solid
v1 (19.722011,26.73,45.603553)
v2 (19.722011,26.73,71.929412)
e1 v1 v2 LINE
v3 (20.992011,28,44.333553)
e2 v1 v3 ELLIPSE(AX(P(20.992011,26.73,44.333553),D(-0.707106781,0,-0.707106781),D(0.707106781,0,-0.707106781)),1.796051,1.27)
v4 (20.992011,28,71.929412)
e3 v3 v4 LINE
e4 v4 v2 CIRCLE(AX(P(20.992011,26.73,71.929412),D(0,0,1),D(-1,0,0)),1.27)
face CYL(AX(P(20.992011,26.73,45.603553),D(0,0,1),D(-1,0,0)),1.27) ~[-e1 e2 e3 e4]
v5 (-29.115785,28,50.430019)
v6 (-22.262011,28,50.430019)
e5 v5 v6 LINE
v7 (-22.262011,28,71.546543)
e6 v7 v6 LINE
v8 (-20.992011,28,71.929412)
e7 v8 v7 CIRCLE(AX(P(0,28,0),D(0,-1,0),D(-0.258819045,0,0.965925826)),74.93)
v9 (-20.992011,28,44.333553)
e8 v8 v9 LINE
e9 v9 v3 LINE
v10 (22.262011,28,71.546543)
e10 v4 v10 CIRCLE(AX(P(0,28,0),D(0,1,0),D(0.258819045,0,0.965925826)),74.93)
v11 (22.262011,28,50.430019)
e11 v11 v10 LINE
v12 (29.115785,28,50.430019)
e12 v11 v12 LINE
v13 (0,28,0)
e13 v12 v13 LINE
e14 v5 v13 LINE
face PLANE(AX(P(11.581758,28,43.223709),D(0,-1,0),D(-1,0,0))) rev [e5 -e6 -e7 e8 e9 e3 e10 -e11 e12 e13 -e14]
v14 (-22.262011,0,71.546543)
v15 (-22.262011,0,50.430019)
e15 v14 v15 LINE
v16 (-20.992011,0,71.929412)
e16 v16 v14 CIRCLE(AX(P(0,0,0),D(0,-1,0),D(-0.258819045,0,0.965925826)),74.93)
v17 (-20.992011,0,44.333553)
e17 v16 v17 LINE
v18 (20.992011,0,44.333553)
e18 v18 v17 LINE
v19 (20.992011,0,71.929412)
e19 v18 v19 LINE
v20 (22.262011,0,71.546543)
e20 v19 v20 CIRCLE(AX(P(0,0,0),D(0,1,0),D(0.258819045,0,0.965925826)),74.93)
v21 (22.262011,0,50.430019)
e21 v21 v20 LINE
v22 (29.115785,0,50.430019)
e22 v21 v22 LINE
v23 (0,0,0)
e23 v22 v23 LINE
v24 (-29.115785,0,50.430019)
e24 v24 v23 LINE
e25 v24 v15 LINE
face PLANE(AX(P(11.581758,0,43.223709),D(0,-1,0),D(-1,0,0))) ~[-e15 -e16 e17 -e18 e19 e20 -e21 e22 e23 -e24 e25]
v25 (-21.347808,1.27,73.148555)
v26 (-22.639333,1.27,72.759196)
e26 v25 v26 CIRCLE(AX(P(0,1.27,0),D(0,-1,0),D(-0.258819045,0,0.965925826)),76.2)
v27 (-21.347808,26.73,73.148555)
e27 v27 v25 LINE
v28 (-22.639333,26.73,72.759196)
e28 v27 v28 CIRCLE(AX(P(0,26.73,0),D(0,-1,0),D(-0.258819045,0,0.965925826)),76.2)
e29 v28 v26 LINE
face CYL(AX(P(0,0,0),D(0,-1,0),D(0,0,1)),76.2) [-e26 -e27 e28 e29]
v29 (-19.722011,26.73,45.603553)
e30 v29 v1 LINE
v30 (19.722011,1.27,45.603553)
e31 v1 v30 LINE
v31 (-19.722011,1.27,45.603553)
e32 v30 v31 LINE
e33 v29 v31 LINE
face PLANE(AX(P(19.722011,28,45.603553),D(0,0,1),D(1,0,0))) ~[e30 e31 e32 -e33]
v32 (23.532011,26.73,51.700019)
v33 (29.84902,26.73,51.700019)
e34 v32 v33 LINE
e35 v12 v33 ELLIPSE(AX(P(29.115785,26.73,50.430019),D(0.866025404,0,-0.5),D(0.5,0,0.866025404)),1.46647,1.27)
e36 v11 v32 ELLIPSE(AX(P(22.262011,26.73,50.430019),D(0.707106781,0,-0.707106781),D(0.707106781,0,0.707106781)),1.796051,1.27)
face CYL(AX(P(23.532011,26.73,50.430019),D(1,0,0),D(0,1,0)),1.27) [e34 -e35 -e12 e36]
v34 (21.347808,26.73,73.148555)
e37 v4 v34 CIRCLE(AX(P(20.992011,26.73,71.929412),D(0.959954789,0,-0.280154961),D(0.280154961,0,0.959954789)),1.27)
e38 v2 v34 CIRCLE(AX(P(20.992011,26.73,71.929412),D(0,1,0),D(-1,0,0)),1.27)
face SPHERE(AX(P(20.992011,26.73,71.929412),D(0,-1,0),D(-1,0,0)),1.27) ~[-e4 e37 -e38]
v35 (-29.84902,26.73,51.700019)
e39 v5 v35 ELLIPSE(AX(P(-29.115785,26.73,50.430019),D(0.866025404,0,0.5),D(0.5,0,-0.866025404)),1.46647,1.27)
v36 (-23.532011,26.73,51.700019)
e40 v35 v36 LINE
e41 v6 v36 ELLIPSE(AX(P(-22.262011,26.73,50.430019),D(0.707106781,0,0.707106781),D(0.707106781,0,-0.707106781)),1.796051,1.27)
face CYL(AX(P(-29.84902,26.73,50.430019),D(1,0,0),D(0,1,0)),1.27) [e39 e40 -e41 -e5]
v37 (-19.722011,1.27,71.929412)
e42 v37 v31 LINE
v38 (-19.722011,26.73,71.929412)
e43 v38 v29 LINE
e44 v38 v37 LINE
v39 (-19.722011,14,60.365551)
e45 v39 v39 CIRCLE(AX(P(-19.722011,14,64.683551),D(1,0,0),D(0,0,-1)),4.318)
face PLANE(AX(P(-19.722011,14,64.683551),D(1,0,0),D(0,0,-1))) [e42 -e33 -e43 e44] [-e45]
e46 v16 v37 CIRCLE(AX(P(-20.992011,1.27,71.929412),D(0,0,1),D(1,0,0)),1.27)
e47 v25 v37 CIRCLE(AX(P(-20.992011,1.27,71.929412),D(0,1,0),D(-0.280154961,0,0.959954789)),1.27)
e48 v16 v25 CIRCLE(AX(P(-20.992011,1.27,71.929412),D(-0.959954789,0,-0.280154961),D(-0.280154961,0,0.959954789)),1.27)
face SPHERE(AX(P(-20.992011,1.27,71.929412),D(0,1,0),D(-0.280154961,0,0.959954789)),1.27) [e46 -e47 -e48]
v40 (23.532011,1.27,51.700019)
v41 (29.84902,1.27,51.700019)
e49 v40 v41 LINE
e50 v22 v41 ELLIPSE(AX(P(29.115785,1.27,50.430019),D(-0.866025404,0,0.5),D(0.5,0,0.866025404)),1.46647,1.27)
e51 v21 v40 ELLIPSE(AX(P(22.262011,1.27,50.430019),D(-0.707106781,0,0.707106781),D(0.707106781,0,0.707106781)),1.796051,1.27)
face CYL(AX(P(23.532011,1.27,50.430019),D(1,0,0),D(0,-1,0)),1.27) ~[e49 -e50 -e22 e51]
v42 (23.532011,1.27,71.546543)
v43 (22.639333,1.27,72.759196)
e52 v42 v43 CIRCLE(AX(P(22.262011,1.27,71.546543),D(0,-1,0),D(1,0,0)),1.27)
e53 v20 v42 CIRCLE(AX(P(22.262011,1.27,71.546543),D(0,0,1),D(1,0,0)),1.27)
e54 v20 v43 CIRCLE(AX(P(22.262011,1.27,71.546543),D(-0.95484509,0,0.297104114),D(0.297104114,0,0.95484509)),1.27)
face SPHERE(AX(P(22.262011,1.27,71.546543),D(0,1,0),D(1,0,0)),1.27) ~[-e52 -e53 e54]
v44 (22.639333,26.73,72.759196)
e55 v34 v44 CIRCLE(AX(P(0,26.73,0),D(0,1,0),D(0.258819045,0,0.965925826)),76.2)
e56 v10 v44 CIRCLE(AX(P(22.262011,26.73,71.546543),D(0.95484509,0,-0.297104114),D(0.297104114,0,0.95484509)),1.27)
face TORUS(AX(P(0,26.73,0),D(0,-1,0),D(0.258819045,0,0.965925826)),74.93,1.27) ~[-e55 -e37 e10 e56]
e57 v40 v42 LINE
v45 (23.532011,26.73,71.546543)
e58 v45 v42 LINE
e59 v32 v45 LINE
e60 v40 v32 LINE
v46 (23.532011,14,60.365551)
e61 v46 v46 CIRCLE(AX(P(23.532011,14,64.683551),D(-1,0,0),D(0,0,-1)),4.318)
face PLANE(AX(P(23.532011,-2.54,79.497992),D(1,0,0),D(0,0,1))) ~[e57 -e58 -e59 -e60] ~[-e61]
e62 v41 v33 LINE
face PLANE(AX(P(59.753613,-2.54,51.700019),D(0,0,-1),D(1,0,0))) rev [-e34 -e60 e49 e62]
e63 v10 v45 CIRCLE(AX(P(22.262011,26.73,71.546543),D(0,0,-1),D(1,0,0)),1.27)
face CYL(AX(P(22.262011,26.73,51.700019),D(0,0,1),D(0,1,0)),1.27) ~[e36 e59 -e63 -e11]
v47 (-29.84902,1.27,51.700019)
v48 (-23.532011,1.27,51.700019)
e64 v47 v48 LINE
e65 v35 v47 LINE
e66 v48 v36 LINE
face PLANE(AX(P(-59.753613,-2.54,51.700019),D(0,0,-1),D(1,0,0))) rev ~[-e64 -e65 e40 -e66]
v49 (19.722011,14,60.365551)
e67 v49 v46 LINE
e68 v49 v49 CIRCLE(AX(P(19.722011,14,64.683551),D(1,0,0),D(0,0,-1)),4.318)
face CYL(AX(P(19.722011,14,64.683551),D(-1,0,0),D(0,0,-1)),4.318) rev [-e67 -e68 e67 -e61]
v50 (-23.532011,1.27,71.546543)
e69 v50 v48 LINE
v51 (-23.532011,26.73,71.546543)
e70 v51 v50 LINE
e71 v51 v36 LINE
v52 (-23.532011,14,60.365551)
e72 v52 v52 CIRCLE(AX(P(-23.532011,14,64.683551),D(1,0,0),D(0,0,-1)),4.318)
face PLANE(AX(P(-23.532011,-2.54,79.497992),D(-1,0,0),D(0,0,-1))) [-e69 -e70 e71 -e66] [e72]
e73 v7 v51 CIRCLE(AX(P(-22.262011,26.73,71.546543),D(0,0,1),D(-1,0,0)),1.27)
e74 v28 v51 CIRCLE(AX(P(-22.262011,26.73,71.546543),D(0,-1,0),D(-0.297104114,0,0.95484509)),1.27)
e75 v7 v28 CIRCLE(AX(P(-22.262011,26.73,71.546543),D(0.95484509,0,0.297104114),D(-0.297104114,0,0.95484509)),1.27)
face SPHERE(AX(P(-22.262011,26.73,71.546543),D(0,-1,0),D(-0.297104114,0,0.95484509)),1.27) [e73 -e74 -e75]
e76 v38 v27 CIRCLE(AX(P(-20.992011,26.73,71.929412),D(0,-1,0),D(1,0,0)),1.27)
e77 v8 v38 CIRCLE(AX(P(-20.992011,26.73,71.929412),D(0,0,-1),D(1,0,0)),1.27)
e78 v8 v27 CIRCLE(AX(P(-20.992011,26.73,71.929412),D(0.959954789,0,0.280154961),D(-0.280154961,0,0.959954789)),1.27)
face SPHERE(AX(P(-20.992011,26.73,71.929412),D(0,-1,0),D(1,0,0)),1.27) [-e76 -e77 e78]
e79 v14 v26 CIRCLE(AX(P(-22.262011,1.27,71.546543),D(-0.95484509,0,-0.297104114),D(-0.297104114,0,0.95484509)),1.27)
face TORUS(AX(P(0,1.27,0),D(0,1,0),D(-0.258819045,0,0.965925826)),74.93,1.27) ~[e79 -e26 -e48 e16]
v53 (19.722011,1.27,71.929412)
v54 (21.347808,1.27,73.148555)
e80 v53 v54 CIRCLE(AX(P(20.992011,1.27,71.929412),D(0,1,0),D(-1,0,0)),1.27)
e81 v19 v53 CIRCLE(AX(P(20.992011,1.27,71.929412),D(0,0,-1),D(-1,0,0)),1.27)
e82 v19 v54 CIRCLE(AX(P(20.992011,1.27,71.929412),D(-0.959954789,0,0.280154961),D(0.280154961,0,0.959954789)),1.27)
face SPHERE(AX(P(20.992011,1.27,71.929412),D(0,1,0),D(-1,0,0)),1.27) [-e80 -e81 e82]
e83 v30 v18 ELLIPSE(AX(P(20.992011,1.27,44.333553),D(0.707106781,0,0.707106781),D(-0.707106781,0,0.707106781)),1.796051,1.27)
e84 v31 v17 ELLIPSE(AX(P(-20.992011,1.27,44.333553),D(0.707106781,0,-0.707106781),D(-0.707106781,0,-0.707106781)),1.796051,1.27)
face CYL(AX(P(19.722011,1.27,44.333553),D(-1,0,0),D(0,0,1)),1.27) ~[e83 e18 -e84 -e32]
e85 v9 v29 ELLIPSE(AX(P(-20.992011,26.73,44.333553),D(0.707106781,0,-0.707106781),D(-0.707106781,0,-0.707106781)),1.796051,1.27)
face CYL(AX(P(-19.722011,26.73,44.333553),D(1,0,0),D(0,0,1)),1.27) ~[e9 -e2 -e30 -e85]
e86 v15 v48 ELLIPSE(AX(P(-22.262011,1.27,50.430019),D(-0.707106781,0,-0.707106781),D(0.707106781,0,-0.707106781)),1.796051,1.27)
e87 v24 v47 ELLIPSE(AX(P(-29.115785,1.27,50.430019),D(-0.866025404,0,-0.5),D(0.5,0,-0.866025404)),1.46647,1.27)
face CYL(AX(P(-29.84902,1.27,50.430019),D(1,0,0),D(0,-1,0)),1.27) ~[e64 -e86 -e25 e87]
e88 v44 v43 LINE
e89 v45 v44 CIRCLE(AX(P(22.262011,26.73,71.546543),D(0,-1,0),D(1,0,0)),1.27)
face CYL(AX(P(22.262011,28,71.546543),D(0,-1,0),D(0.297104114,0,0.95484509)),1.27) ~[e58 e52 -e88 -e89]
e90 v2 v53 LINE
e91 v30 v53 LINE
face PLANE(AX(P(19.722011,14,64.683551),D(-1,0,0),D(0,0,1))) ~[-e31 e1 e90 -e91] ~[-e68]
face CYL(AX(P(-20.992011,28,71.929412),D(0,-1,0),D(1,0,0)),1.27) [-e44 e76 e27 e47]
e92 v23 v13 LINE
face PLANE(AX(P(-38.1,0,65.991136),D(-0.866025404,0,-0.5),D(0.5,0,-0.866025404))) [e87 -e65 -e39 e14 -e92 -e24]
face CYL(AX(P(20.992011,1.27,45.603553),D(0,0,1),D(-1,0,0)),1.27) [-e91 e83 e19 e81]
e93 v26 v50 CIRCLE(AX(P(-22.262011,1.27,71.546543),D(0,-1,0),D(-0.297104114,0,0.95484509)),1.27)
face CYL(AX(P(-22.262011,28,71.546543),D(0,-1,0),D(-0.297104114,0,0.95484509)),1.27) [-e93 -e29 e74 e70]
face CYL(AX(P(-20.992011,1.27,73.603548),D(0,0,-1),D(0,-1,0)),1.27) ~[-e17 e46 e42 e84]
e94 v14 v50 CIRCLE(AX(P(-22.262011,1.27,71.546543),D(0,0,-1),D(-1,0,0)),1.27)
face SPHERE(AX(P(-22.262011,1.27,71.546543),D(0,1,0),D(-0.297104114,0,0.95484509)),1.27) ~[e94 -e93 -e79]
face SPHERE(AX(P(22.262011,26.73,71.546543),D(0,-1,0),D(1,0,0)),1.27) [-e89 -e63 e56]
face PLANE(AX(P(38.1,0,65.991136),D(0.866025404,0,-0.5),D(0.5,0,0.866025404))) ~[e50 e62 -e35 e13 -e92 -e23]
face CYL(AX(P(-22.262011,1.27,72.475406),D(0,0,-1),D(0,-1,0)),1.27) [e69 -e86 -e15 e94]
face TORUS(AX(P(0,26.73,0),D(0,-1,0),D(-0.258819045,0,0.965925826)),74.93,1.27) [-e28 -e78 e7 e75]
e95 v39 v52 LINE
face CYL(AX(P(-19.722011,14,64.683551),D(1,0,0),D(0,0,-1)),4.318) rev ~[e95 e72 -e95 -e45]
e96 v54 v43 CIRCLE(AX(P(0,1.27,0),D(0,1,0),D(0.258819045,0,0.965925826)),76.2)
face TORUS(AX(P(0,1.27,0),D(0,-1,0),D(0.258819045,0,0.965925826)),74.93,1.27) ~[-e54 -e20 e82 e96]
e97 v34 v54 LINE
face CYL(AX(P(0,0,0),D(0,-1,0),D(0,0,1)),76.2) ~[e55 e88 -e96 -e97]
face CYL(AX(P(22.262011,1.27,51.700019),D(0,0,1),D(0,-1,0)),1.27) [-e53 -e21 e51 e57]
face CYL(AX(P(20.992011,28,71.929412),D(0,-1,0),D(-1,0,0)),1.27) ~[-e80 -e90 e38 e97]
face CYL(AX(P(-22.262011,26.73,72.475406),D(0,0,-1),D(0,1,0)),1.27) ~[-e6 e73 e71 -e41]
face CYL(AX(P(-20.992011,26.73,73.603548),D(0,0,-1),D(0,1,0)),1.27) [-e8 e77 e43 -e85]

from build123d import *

# Parameters (mm, degrees)
BOSS_EXTRUDE1_DEPTH = 28
CUT_EXTRUDE1_DEPTH  = 90.677477663
SKETCH5_R           = 6.35
CUT_EXTRUDE2_DEPTH  = 4.572
SKETCH8_R           = 6.35
SKETCH8_R_2         = 4.318
BOSS_EXTRUDE4_DEPTH = 6.858
CUT_EXTRUDE6_START  = -2.54
SKETCH13_W          = 36.221601717
SKETCH13_H          = 27.797973411
CUT_EXTRUDE6_DEPTH  = 91.021953984
FILLET3_R           = 1.27


with BuildPart() as part:
    # Sketch2 → Boss-Extrude1 (new body)
    with BuildSketch(Plane(origin=(0, 0, 0), x_dir=(1, 0, 0), z_dir=(0, 1, 0))):
        with BuildLine():
            Line((-38.1, -65.991135768), (0, 0))
            Line((0, 0), (0, -76.2))
            ThreePointArc((0, -76.2), (-19.722011237, -73.603547963), (-38.1, -65.991135768))
        make_face()
    boss_extrude1 = extrude(amount=BOSS_EXTRUDE1_DEPTH)

    # Sketch4 → Cut-Extrude1 (cut, symmetric)
    with BuildSketch(Plane(origin=(0, 28, 0), x_dir=(1, 0, 0), z_dir=(0, 1, 0))):
        Polygon((-19.722011237, -73.603547963), (-19.722011237, -45.603553163), (19.722011237, -45.603553163), (19.722011237, -73.603547963), (19.722011237, -89.083413221), (-19.722011237, -89.083413221), align=None)
    cut_extrude1 = extrude(amount=CUT_EXTRUDE1_DEPTH, both=True, mode=Mode.SUBTRACT)

    # Sketch5 → Cut-Extrude2 (cut)
    with BuildSketch(Plane(origin=(-19.722011237, 0, 0), x_dir=(0, 0, -1), z_dir=(1, 0, 0))):
        with Locations((-64.683550563, 14)):
            Circle(SKETCH5_R)
    cut_extrude2 = extrude(amount=-CUT_EXTRUDE2_DEPTH, mode=Mode.SUBTRACT)

    # Sketch8 → Boss-Extrude4 (add)
    with BuildSketch(Plane(origin=(-19.722011237, 0, 0), x_dir=(0, 0, -1), z_dir=(1, 0, 0))):
        with Locations((-64.683550563, 14)):
            Circle(SKETCH8_R)
        with Locations((-64.683550563, 14)):
            Circle(SKETCH8_R_2, mode=Mode.SUBTRACT)
    boss_extrude4 = extrude(amount=-BOSS_EXTRUDE4_DEPTH)

    # Sketch13 → Cut-Extrude6 (cut)
    with BuildSketch(Plane(origin=(0, 0, 0), x_dir=(1, 0, 0), z_dir=(0, 1, 0)).offset(CUT_EXTRUDE6_START)):
        with Locations((-41.642812096, -65.599005435)):
            Rectangle(SKETCH13_W, SKETCH13_H)
    cut_extrude6 = extrude(amount=CUT_EXTRUDE6_DEPTH, mode=Mode.SUBTRACT)

    # Mirror1: Boss-Extrude1, Cut-Extrude1, Cut-Extrude2, Boss-Extrude4, Cut-Extrude6 across plane
    add(boss_extrude1.mirror(Plane(origin=(0, 28, 0), x_dir=(0, 0, 1), z_dir=(-1, 0, 0))))
    add(cut_extrude1.mirror(Plane(origin=(0, 28, 0), x_dir=(0, 0, 1), z_dir=(-1, 0, 0))), mode=Mode.SUBTRACT)
    add(cut_extrude2.mirror(Plane(origin=(0, 28, 0), x_dir=(0, 0, 1), z_dir=(-1, 0, 0))), mode=Mode.SUBTRACT)
    add(boss_extrude4.mirror(Plane(origin=(0, 28, 0), x_dir=(0, 0, 1), z_dir=(-1, 0, 0))))
    add(cut_extrude6.mirror(Plane(origin=(0, 28, 0), x_dir=(0, 0, 1), z_dir=(-1, 0, 0))), mode=Mode.SUBTRACT)

    # Fillet3
    fillet3_edges = [part.edges().sort_by_distance(p)[0] for p in [
        (21.634365977, 28, 73.064315564),
        (21.634365977, 0, 73.064315564),
        (26.690515484, 0, 51.700018729),
        (0, 0, 45.603553163),
        (23.532011237, 14, 72.475405809),
        (23.532011237, 0, 62.087712269),
        (23.532011237, 28, 62.087712269),
        (26.690515484, 28, 51.700018729),
        (-19.722011237, 0, 59.603550563),
        (-19.722011237, 14, 73.603547963),
        (-19.722011237, 28, 59.603550563),
        (0, 28, 45.603553163),
        (-21.634365977, 0, 73.064315564),
        (-26.690515484, 0, 51.700018729),
        (-21.634365977, 28, 73.064315564),
        (-26.690515484, 28, 51.700018729),
        (-23.532011237, 28, 62.087712269),
        (-23.532011237, 0, 62.087712269),
        (-23.532011237, 14, 72.475405809),
        (19.722011237, 14, 73.603547963),
        (19.722011237, 28, 59.603550563),
        (19.722011237, 0, 59.603550563),
    ]]
    fillet(fillet3_edges, radius=FILLET3_R)


solid = part.part
